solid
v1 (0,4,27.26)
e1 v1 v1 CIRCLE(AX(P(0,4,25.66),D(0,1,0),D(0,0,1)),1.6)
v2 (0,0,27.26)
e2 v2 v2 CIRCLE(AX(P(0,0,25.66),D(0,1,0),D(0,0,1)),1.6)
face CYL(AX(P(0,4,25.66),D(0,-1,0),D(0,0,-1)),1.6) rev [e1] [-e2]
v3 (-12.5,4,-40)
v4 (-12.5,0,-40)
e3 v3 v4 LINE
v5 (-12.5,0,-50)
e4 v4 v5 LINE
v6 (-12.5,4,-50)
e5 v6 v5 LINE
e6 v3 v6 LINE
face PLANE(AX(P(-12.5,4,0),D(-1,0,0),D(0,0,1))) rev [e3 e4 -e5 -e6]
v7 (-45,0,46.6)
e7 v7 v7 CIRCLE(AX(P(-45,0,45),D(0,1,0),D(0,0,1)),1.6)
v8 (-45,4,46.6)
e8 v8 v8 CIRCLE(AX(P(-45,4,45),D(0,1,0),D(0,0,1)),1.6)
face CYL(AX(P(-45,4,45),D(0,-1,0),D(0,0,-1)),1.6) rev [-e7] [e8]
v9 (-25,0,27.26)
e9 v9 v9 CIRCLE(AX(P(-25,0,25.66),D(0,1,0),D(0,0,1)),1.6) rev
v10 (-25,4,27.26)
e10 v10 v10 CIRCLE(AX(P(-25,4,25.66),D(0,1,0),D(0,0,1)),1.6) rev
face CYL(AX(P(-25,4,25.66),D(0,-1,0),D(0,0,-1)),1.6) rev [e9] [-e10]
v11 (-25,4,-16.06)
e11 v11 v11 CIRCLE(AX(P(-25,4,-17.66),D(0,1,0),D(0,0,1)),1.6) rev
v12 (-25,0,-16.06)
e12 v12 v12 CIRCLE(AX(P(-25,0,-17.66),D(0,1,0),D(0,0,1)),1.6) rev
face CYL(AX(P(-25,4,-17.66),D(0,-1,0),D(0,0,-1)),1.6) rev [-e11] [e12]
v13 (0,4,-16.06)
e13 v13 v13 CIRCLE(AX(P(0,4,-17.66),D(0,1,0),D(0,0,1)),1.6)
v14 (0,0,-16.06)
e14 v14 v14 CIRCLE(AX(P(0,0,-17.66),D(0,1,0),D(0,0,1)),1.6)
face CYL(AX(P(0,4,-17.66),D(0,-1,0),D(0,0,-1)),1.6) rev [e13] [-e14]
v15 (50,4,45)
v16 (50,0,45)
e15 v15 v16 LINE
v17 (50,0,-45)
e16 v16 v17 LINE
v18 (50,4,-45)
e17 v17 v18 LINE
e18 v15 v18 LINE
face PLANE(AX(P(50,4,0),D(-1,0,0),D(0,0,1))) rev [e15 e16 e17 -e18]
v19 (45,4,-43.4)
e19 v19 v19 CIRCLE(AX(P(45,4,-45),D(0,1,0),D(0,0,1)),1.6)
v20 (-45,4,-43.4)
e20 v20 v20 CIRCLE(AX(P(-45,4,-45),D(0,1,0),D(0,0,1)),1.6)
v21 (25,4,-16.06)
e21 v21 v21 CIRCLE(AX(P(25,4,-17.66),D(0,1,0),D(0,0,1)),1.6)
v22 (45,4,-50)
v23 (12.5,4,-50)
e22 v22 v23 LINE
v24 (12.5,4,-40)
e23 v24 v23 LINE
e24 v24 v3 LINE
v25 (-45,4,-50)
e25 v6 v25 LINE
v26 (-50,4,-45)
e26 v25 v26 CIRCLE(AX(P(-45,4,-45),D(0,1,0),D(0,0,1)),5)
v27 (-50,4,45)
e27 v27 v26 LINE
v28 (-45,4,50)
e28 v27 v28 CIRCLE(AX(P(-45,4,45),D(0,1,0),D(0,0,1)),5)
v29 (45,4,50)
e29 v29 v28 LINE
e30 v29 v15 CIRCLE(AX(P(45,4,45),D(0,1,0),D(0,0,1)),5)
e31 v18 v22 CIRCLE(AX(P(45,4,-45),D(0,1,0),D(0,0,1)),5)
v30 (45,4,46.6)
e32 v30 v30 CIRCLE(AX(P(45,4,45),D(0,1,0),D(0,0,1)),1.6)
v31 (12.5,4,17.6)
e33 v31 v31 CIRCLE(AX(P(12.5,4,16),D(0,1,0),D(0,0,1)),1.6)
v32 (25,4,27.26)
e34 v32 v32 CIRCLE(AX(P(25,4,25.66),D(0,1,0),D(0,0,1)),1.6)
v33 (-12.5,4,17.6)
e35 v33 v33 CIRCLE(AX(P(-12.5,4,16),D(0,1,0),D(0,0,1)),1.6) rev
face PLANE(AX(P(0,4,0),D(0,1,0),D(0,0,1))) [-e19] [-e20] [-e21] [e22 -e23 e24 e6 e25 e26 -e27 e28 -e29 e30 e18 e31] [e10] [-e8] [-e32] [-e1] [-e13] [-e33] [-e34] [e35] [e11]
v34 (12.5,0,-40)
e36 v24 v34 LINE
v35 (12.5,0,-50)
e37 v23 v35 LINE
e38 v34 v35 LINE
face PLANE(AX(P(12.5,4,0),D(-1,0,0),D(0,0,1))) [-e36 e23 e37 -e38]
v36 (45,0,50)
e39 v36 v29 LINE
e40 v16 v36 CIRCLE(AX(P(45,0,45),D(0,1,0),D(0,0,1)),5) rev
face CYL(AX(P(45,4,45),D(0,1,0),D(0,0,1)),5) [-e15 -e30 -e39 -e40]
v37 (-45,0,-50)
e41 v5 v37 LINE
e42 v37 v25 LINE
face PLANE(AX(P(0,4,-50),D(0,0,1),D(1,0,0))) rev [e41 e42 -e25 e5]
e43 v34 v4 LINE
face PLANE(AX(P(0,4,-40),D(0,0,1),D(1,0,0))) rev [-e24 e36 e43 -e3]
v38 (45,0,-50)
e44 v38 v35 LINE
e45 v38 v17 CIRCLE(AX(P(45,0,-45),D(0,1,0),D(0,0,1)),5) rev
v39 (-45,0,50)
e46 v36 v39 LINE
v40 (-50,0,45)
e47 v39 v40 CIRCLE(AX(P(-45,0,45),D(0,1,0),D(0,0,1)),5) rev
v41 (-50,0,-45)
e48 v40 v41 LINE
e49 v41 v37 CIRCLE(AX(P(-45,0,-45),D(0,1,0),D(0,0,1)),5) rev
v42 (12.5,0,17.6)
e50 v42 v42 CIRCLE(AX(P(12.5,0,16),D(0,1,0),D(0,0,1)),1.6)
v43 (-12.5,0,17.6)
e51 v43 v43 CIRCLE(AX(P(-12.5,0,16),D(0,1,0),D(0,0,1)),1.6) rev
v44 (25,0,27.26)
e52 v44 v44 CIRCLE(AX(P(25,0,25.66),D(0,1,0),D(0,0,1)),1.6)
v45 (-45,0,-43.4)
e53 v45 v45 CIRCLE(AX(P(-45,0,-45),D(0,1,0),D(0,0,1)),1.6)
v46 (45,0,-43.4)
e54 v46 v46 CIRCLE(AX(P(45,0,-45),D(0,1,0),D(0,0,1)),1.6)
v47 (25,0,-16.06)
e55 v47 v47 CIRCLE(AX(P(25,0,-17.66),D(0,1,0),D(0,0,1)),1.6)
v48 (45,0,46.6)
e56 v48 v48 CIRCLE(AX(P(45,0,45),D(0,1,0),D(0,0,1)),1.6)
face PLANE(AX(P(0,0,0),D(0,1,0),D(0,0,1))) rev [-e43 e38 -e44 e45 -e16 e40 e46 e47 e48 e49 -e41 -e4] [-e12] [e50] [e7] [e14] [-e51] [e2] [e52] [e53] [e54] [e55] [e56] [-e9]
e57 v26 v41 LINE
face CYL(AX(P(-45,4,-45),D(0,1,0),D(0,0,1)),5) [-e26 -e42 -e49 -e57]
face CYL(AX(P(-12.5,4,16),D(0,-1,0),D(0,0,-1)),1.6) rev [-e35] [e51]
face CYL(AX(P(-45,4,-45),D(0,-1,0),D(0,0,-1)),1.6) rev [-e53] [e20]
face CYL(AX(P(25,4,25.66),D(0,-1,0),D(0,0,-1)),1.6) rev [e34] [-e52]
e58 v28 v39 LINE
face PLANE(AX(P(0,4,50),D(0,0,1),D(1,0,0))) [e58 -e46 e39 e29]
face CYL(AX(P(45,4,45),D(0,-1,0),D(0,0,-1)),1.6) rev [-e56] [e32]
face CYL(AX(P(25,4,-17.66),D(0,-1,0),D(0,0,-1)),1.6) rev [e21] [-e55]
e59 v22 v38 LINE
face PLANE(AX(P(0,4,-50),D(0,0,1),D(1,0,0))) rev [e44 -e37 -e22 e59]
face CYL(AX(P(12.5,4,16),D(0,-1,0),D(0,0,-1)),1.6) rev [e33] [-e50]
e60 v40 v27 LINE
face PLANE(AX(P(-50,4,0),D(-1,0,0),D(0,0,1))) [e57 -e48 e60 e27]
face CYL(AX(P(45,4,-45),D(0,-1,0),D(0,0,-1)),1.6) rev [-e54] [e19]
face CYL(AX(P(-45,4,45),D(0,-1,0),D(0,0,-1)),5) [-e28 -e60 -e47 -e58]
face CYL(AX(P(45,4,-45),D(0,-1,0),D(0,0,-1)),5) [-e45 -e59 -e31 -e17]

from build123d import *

# Parameters (mm, degrees)
SKETCH1_R           = 1.6
BOSS_EXTRUDE1_DEPTH = 4
FILLET1_R           = 5


with BuildPart() as part:
    # Sketch1 → Boss-Extrude1 (new body)
    with BuildSketch(Plane(origin=(0, 0, 0), x_dir=(1, 0, 0), z_dir=(0, 1, 0))):
        Polygon((-50, -50), (50, -50), (50, 50), (12.5, 50), (12.5, 40), (-12.5, 40), (-12.5, 50), (-50, 50), align=None)
        with Locations((-45, -45)):
            Circle(SKETCH1_R, mode=Mode.SUBTRACT)
        with Locations((-25, -25.66)):
            Circle(SKETCH1_R, mode=Mode.SUBTRACT)
        with Locations((-12.5, -16)):
            Circle(SKETCH1_R, mode=Mode.SUBTRACT)
        with Locations((0, -25.66)):
            Circle(SKETCH1_R, mode=Mode.SUBTRACT)
        with Locations((45, -45)):
            Circle(SKETCH1_R, mode=Mode.SUBTRACT)
        with Locations((25, -25.66)):
            Circle(SKETCH1_R, mode=Mode.SUBTRACT)
        with Locations((12.5, -16)):
            Circle(SKETCH1_R, mode=Mode.SUBTRACT)
        with Locations((-25, 17.66)):
            Circle(SKETCH1_R, mode=Mode.SUBTRACT)
        with Locations((-45, 45)):
            Circle(SKETCH1_R, mode=Mode.SUBTRACT)
        with Locations((0, 17.66)):
            Circle(SKETCH1_R, mode=Mode.SUBTRACT)
        with Locations((25, 17.66)):
            Circle(SKETCH1_R, mode=Mode.SUBTRACT)
        with Locations((45, 45)):
            Circle(SKETCH1_R, mode=Mode.SUBTRACT)
    extrude(amount=BOSS_EXTRUDE1_DEPTH)

    # Fillet1
    fillet1_edges = [part.edges().sort_by_distance(p)[0] for p in [
        (50, 2, -50),
        (50, 2, 50),
        (-50, 2, 50),
        (-50, 2, -50),
    ]]
    fillet(fillet1_edges, radius=FILLET1_R)


solid = part.part
